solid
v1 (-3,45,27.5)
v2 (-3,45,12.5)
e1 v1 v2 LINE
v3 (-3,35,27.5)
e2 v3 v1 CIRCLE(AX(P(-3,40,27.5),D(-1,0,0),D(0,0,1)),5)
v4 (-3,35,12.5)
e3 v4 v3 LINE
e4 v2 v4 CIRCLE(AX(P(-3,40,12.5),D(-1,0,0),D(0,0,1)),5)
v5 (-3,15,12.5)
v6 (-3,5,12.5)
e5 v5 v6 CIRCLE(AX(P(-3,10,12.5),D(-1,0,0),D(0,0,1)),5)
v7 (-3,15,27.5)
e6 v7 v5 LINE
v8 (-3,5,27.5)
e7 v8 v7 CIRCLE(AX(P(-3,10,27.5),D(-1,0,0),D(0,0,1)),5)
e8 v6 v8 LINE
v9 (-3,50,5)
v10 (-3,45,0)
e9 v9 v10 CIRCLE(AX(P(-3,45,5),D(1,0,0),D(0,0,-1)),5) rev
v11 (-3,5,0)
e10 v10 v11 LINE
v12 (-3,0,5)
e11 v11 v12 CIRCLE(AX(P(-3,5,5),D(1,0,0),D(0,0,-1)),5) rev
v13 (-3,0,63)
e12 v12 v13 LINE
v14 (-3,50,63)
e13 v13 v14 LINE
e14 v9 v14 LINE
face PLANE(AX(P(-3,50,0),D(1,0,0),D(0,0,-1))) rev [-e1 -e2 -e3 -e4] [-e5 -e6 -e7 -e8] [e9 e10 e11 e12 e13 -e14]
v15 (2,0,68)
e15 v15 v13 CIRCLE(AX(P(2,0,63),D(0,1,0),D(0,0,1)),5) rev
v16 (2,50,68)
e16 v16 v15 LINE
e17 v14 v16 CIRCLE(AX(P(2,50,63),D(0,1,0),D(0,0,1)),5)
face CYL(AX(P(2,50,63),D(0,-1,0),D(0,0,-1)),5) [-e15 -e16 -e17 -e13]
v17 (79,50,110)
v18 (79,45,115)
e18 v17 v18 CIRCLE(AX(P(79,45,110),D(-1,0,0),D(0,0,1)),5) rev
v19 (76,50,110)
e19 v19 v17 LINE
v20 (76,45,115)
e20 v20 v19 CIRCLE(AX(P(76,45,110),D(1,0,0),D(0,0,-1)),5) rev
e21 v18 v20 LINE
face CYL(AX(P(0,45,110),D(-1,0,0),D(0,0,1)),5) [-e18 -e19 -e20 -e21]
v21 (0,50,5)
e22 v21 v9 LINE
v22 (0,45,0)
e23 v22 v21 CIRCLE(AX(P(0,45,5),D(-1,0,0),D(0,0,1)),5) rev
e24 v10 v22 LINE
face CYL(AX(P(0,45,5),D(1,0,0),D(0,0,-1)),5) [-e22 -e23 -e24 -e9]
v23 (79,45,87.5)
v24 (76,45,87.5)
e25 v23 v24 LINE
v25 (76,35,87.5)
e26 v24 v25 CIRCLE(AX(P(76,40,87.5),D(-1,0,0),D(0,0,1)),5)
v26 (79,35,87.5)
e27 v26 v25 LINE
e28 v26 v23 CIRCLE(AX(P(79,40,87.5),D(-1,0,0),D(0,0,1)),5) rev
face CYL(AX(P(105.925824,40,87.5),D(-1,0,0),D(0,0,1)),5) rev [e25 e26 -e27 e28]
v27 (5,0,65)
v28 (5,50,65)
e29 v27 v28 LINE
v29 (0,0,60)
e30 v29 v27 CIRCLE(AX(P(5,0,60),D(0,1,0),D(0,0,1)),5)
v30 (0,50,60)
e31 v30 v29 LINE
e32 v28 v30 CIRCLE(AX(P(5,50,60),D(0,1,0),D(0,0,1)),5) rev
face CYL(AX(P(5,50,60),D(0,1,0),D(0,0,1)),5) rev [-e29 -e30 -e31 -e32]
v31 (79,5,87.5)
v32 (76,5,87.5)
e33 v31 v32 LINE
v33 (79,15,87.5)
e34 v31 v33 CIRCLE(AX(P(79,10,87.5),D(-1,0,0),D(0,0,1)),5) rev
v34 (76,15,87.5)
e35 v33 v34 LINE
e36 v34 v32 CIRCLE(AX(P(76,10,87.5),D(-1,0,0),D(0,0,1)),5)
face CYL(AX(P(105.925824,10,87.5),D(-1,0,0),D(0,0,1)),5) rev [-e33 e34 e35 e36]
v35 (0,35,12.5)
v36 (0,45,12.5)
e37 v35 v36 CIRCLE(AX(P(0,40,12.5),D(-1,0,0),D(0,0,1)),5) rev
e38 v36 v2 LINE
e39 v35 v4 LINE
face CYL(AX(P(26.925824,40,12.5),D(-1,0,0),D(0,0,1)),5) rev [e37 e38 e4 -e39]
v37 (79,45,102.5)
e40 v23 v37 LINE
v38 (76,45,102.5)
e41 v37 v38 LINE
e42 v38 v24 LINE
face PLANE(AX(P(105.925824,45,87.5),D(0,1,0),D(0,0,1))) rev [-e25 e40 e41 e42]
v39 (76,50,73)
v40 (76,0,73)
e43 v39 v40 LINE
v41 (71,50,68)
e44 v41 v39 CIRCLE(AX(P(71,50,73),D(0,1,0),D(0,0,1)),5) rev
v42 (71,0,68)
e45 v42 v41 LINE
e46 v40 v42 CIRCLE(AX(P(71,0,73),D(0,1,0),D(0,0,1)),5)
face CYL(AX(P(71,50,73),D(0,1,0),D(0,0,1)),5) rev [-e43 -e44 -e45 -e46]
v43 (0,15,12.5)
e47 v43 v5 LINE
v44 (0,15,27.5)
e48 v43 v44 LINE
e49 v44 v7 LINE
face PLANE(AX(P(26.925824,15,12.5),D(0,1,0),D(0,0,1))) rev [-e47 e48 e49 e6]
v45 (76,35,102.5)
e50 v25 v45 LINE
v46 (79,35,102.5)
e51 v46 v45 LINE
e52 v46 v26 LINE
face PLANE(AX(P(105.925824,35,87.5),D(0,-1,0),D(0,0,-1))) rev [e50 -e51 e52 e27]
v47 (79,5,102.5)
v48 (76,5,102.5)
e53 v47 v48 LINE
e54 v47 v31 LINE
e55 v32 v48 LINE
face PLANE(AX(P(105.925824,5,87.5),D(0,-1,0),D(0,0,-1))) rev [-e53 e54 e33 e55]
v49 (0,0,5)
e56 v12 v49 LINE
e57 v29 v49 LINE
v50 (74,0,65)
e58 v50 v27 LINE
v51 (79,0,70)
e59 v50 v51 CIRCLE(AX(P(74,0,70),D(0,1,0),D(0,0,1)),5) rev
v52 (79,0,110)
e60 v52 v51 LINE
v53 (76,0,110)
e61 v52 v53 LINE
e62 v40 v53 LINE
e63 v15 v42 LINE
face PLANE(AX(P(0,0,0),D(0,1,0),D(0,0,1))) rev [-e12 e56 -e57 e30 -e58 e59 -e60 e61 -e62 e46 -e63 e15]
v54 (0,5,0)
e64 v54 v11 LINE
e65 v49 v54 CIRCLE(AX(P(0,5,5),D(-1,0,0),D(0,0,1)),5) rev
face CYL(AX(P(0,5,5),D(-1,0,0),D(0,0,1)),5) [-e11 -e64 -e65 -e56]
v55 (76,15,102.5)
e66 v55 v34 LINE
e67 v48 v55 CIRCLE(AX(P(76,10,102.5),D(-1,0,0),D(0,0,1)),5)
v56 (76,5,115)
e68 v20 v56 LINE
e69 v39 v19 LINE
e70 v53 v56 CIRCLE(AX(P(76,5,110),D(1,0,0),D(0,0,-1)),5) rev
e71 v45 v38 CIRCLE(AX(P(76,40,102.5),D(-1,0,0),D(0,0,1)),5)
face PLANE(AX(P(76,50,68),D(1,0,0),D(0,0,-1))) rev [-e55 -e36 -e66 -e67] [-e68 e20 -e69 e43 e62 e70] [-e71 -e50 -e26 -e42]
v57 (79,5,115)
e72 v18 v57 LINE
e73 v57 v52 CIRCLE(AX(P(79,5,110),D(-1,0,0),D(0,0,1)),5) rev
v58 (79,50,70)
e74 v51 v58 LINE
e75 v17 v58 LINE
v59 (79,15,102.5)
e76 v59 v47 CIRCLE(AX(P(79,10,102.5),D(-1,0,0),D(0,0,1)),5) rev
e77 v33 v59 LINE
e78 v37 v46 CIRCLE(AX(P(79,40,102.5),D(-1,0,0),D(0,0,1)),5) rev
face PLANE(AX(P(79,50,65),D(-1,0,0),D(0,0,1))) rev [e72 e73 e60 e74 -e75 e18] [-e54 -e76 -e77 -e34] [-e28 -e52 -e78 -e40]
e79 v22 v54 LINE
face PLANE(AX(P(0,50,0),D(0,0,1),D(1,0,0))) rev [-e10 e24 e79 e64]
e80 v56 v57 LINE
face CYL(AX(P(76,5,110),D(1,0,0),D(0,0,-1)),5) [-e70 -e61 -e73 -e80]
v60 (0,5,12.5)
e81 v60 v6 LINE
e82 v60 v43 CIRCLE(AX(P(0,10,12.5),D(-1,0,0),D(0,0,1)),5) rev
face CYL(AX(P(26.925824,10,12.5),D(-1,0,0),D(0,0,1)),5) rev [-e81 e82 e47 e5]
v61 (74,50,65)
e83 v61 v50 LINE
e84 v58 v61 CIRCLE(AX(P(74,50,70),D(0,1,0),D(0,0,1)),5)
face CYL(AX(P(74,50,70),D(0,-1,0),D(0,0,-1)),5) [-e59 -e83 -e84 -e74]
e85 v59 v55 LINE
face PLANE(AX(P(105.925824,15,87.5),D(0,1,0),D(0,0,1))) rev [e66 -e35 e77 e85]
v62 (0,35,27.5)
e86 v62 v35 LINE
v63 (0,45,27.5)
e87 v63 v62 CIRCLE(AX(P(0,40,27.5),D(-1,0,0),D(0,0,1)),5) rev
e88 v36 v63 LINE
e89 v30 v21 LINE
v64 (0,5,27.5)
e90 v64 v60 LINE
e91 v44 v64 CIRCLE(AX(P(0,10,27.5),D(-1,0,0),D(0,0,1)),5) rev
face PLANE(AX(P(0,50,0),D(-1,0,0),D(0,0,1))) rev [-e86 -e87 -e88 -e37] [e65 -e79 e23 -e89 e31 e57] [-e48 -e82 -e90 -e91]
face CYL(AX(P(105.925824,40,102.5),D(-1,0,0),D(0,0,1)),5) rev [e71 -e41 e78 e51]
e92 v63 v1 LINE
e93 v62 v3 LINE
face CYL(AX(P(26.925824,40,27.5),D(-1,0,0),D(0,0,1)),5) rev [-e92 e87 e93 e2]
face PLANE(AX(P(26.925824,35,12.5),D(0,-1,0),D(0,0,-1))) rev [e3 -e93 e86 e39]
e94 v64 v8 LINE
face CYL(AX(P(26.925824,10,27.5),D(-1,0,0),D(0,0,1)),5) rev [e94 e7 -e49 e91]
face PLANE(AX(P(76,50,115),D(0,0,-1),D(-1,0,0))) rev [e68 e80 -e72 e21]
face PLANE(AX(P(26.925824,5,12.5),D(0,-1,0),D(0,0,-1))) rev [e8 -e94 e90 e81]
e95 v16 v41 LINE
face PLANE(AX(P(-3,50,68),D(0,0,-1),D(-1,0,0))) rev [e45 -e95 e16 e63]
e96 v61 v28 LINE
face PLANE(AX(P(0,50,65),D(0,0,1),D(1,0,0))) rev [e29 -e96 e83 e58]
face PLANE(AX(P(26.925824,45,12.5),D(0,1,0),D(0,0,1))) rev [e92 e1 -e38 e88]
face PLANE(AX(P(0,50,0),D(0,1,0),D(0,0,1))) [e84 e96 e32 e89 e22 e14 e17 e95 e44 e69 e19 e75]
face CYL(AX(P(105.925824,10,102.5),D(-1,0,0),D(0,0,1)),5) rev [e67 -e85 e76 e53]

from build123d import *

# Parameters (mm, degrees)
BOSS_EXTRUDE1_DEPTH = 50
FILLET1_R           = 5
CUT_EXTRUDE1_DEPTH  = 3
CUT_EXTRUDE2_DEPTH  = 3
FILLET2_R           = 5


with BuildPart() as part:
    # Sketch1 → Boss-Extrude1 (new body)
    with BuildSketch(Plane(origin=(0, 0, 0), x_dir=(1, 0, 0), z_dir=(0, 1, 0))):
        Polygon((0, 0), (0, -65), (79, -65), (79, -115), (76, -115), (76, -68), (-3, -68), (-3, 0), align=None)
    extrude(amount=BOSS_EXTRUDE1_DEPTH)

    # Fillet1
    fillet1_edges = [part.edges().sort_by_distance(p)[0] for p in [
        (0, 25, 65),
        (79, 25, 65),
        (76, 25, 68),
        (-3, 25, 68),
    ]]
    fillet(fillet1_edges, radius=FILLET1_R)

    # Sketch2 → Cut-Extrude1 (cut)
    with BuildSketch(Plane.ZY.offset(-76)):
        with BuildLine():
            Line((87.5, 45), (102.5, 45))
            ThreePointArc((102.5, 45), (107.5, 40), (102.5, 35))
            Line((102.5, 35), (87.5, 35))
            ThreePointArc((87.5, 35), (82.5, 40), (87.5, 45))
        make_face()
        with BuildLine():
            Line((87.5, 15), (102.5, 15))
            ThreePointArc((102.5, 15), (107.5, 10), (102.5, 5))
            Line((102.5, 5), (87.5, 5))
            ThreePointArc((87.5, 5), (82.5, 10), (87.5, 15))
        make_face()
    extrude(amount=-CUT_EXTRUDE1_DEPTH, mode=Mode.SUBTRACT)

    # Sketch3 → Cut-Extrude2 (cut)
    with BuildSketch(Plane.ZY.offset(3)):
        with BuildLine():
            Line((12.5, 45), (27.5, 45))
            ThreePointArc((27.5, 45), (32.5, 40), (27.5, 35))
            Line((27.5, 35), (12.5, 35))
            ThreePointArc((12.5, 35), (7.5, 40), (12.5, 45))
        make_face()
        with BuildLine():
            Line((12.5, 15), (27.5, 15))
            ThreePointArc((27.5, 15), (32.5, 10), (27.5, 5))
            Line((27.5, 5), (12.5, 5))
            ThreePointArc((12.5, 5), (7.5, 10), (12.5, 15))
        make_face()
    extrude(amount=-CUT_EXTRUDE2_DEPTH, mode=Mode.SUBTRACT)

    # Fillet2
    fillet2_edges = [part.edges().sort_by_distance(p)[0] for p in [
        (-1.5, 0, 0),
        (77.5, 50, 115),
        (-1.5, 50, 0),
        (77.5, 0, 115),
    ]]
    fillet(fillet2_edges, radius=FILLET2_R)


solid = part.part
